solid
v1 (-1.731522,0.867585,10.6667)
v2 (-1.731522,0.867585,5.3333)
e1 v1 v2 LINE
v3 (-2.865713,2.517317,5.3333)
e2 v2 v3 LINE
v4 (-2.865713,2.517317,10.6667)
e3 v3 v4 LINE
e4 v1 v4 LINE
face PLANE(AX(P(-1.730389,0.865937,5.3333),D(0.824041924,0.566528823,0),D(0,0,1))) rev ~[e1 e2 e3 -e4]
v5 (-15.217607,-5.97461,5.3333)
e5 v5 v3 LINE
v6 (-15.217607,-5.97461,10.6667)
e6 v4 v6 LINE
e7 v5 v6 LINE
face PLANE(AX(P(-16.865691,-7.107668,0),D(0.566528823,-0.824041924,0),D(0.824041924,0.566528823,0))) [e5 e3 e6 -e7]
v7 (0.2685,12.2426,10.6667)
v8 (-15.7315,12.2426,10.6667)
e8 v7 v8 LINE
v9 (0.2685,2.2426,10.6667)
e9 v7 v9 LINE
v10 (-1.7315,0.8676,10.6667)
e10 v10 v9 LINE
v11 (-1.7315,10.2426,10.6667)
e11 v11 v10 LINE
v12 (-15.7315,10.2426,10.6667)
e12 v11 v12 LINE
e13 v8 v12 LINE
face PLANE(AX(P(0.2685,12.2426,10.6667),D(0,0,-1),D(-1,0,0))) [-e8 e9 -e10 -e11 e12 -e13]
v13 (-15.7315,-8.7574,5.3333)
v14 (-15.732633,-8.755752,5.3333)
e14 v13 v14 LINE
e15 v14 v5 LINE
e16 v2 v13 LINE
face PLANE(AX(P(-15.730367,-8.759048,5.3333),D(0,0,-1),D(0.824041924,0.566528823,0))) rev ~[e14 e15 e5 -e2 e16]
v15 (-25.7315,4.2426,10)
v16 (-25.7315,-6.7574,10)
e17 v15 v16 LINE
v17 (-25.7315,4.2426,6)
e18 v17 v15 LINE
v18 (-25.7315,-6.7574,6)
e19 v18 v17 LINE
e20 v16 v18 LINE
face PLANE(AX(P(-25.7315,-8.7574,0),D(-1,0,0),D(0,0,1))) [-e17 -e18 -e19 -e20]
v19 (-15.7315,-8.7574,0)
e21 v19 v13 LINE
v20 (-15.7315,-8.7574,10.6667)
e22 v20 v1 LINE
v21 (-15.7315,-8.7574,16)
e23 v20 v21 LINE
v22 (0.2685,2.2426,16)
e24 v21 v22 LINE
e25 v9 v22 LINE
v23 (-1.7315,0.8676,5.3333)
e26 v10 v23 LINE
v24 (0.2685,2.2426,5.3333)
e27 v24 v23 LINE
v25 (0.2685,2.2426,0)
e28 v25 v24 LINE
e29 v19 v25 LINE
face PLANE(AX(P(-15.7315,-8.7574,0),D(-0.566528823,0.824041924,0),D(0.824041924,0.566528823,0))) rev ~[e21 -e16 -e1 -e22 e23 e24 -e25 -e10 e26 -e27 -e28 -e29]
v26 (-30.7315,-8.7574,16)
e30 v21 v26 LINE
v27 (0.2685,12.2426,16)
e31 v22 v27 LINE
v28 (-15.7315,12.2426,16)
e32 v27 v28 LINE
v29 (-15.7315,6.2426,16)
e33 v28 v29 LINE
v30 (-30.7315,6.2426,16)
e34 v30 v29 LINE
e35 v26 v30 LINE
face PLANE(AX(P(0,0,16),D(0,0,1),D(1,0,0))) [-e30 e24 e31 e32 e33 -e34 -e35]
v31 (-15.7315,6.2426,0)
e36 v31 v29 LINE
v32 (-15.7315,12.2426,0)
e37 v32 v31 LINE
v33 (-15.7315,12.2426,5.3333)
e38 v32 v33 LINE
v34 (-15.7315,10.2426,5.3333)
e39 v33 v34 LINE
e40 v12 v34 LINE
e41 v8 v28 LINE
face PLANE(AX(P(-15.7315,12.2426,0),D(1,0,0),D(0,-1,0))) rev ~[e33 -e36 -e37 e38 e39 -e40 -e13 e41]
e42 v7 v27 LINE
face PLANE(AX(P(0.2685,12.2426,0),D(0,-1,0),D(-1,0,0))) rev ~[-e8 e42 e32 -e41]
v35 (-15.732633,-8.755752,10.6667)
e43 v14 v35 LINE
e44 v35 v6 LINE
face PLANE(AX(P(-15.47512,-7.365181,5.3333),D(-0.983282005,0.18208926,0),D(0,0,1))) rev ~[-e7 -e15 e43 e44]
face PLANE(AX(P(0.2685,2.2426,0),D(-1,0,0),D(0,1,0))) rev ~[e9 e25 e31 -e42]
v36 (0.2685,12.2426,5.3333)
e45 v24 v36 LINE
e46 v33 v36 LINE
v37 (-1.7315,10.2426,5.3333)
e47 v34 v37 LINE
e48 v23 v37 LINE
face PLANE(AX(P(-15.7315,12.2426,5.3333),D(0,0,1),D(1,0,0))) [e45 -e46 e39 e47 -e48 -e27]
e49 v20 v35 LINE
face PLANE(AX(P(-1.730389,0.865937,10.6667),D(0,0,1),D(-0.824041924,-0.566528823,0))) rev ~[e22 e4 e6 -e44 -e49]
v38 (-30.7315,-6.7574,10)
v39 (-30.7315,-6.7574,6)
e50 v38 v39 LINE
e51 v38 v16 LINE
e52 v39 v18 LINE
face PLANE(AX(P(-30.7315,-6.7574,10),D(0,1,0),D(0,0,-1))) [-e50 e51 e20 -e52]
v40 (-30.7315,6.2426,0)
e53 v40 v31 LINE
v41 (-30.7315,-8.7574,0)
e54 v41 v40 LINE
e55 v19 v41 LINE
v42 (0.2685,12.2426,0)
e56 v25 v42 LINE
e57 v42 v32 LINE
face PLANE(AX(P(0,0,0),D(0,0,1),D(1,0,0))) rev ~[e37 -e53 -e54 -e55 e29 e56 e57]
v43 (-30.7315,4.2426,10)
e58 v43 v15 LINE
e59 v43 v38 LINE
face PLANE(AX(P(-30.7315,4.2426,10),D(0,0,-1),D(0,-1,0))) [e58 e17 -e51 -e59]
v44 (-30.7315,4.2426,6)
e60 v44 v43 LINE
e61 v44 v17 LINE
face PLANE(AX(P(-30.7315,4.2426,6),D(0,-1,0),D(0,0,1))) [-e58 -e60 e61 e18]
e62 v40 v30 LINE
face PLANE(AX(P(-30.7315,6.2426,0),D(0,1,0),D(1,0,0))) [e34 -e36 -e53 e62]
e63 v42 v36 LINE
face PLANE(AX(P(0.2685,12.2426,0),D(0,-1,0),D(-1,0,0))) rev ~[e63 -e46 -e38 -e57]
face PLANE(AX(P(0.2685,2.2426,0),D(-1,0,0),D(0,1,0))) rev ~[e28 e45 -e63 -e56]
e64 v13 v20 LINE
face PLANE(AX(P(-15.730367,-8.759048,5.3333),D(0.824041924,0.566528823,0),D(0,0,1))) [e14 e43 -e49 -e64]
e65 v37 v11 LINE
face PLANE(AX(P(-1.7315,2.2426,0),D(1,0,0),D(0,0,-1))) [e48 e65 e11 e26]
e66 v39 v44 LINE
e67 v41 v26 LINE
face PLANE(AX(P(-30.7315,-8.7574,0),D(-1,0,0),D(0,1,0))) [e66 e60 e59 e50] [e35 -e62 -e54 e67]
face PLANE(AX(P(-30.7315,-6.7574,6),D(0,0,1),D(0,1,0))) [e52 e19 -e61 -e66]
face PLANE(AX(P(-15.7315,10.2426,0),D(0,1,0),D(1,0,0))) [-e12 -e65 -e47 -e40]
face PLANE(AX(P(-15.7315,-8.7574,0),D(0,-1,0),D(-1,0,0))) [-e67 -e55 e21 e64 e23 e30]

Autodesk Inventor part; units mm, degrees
ref_plane "YZ Plane" through (0, 0, 0) normal (1, 0, 0) x (0, 1, 0)
ref_plane "XZ Plane" through (0, 0, 0) normal (0, 1, 0) x (-1, 0, 0)
ref_plane "XY Plane" through (0, 0, 0) normal (0, 0, 1) x (1, 0, 0)
sketch "Sketch1" plane through (0, 0, 0) normal (0, 0, 1) x (1, 0, 0)
  line L0 (-30.7315, 6.2426) -> (-15.7315, 6.2426)
  line L1 (-15.7315, 6.2426) -> (-15.7315, -8.7574)
  line L2 (-15.7315, -8.7574) -> (-30.7315, -8.7574)
  line L3 (-30.7315, -8.7574) -> (-30.7315, 6.2426)
  line L4 (0.2685, 2.2426) -> (0.2685, 12.2426)
  line L5 (0.2685, 12.2426) -> (-15.7315, 12.2426)
  line L6 (-15.7315, 12.2426) -> (-15.7315, 6.2426)
  line L7 (-15.7315, -8.7574) -> (0.2685, 2.2426)
  point P0 (0, 0)
  dimension "d0" = 15
  dimension "d1" = 15
  dimension "d2" = 6
  dimension "d3" = 16
  dimension "d4" = 10
extrude "Extrusion1" add sketch "Sketch1" along normal blind 16
sketch "Sketch2" plane through (-15.7315, 12.2426, 0) normal (0, 1, 0) x (1, 0, 0)
  line L0 (16, 0) -> (16, -16) projected
  line L1 (0, -5.3333) -> (16, -5.3333)
  line L2 (16, -5.3333) -> (16, -10.6667)
  line L3 (16, -10.6667) -> (0, -10.6667)
  line L4 (0, -10.6667) -> (0, -5.3333)
  line L5 (0, 0) -> (0, -16) projected
  line L6 (16, 0) -> (0, 0) projected
  line L7 (16, -16) -> (0, -16) projected
  point P0 (15.7315, 0)
  dimension "d7" = 16
  dimension "d8" = 5.3333
  dimension "d9" = 5.3333
extrude "Extrusion2" cut sketch "Sketch2" against normal blind 2 contours L0 L3 L4 L1
sketch "Sketch3" plane through (0.2685, 2.2426, 0) normal (1, 0, 0) x (0, 0, -1)
  line L0 (-10.6667, 8) -> (-10.6667, 10) projected
  line L1 (-10.6667, 10) -> (-16, 10) projected
  line L2 (-16, 0) -> (-16, 10) projected
  line L3 (0, 0) -> (-16, 0) projected
  line L4 (0, 0) -> (0, 10) projected
  line L5 (0, 10) -> (-5.3333, 10) projected
  line L6 (-5.3333, 10) -> (-5.3333, 8) projected
  line L7 (-5.3333, 8) -> (-10.6667, 8) projected
  line L8 (0, 0) -> (-16, 0) projected
  line L9 (-10.6667, 8) -> (-5.3333, 8)
  line L10 (-10.6667, 8) -> (-10.6667, -2)
  line L11 (-10.6667, -2) -> (-5.3333, -2)
  line L12 (-5.3333, -2) -> (-5.3333, 8)
  point P0 (0, -2.2426)
  dimension "d14" = 10
  dimension "d15" = 10
extrude "Extrusion3" cut sketch "Sketch3" against normal blind 2 contours L7 L12 L3 L10 | L3 L12 L11 L10
sketch "Sketch4" plane through (-15.7315, -8.7574, 0) normal (0.5665, -0.824, 0) x (0.824, 0.5665, 0)
  line L0 (16.9894, 10.6667) -> (19.4165, 10.6667) projected
  line L1 (19.4165, 10.6667) -> (19.4165, 16) projected
  line L2 (0, 16) -> (19.4165, 16) projected
  line L3 (0, 0) -> (0, 16) projected
  line L4 (0, 0) -> (19.4165, 0) projected
  line L5 (19.4165, 0) -> (19.4165, 5.3333) projected
  line L6 (19.4165, 5.3333) -> (16.9894, 5.3333) projected
  line L7 (16.9894, 5.3333) -> (16.9894, 10.6667) projected
  line L8 (16.9894, 10.6667) -> (19.4165, 10.6667) projected
  line L9 (16.9894, 10.6667) -> (0, 10.6667)
  line L10 (0, 10.6667) -> (0, 5.3333)
  line L11 (0, 5.3333) -> (16.9894, 5.3333)
  line L12 (16.9894, 5.3333) -> (16.9894, 10.6667)
  point P0 (17.9247, 0)
  dimension "d17" = 19.4165
extrude "Extrusion4" cut sketch "Sketch4" against normal blind 2 contours L7 L11 L3 L9
chamfer "Chamfer1" distance 2 angle 45 1 edges at (-16.8645, -7.1093, 8)
sketch "Sketch5" plane through (-30.7315, -8.7574, 0) normal (-1, 0, 0) x (0, 0, 1)
  line L0 (6, 13) -> (10, 13)
  line L1 (10, 13) -> (10, 2)
  line L2 (10, 2) -> (6, 2)
  line L3 (6, 2) -> (6, 13)
  line L4 (0, 15) -> (0, 0) projected
  line L5 (0, 0) -> (16, 0) projected
  line L6 (16, 15) -> (16, 0) projected
  line L7 (0, 15) -> (16, 15) projected
  point P0 (0, 8.7574)
  dimension "d23" = 4
  dimension "d24" = 11
  dimension "d25" = 6
  dimension "d26" = 15
  dimension "d27" = 16
  dimension "d28" = 2
extrude "Extrusion5" cut sketch "Sketch5" against normal blind 5 contours L0 L1 L2 L3
equation "\"d8\" = 0.333333 * d7"
equation "\"d9\" = -2 * d8 + d7"
equation "\"d14\" = d15"
equation "\"d25\" = -0.5 * d23 + 0.5 * d27"
equation "\"d28\" = -0.5 * d24 + 0.5 * d26"
properties part number "under walle L3"
